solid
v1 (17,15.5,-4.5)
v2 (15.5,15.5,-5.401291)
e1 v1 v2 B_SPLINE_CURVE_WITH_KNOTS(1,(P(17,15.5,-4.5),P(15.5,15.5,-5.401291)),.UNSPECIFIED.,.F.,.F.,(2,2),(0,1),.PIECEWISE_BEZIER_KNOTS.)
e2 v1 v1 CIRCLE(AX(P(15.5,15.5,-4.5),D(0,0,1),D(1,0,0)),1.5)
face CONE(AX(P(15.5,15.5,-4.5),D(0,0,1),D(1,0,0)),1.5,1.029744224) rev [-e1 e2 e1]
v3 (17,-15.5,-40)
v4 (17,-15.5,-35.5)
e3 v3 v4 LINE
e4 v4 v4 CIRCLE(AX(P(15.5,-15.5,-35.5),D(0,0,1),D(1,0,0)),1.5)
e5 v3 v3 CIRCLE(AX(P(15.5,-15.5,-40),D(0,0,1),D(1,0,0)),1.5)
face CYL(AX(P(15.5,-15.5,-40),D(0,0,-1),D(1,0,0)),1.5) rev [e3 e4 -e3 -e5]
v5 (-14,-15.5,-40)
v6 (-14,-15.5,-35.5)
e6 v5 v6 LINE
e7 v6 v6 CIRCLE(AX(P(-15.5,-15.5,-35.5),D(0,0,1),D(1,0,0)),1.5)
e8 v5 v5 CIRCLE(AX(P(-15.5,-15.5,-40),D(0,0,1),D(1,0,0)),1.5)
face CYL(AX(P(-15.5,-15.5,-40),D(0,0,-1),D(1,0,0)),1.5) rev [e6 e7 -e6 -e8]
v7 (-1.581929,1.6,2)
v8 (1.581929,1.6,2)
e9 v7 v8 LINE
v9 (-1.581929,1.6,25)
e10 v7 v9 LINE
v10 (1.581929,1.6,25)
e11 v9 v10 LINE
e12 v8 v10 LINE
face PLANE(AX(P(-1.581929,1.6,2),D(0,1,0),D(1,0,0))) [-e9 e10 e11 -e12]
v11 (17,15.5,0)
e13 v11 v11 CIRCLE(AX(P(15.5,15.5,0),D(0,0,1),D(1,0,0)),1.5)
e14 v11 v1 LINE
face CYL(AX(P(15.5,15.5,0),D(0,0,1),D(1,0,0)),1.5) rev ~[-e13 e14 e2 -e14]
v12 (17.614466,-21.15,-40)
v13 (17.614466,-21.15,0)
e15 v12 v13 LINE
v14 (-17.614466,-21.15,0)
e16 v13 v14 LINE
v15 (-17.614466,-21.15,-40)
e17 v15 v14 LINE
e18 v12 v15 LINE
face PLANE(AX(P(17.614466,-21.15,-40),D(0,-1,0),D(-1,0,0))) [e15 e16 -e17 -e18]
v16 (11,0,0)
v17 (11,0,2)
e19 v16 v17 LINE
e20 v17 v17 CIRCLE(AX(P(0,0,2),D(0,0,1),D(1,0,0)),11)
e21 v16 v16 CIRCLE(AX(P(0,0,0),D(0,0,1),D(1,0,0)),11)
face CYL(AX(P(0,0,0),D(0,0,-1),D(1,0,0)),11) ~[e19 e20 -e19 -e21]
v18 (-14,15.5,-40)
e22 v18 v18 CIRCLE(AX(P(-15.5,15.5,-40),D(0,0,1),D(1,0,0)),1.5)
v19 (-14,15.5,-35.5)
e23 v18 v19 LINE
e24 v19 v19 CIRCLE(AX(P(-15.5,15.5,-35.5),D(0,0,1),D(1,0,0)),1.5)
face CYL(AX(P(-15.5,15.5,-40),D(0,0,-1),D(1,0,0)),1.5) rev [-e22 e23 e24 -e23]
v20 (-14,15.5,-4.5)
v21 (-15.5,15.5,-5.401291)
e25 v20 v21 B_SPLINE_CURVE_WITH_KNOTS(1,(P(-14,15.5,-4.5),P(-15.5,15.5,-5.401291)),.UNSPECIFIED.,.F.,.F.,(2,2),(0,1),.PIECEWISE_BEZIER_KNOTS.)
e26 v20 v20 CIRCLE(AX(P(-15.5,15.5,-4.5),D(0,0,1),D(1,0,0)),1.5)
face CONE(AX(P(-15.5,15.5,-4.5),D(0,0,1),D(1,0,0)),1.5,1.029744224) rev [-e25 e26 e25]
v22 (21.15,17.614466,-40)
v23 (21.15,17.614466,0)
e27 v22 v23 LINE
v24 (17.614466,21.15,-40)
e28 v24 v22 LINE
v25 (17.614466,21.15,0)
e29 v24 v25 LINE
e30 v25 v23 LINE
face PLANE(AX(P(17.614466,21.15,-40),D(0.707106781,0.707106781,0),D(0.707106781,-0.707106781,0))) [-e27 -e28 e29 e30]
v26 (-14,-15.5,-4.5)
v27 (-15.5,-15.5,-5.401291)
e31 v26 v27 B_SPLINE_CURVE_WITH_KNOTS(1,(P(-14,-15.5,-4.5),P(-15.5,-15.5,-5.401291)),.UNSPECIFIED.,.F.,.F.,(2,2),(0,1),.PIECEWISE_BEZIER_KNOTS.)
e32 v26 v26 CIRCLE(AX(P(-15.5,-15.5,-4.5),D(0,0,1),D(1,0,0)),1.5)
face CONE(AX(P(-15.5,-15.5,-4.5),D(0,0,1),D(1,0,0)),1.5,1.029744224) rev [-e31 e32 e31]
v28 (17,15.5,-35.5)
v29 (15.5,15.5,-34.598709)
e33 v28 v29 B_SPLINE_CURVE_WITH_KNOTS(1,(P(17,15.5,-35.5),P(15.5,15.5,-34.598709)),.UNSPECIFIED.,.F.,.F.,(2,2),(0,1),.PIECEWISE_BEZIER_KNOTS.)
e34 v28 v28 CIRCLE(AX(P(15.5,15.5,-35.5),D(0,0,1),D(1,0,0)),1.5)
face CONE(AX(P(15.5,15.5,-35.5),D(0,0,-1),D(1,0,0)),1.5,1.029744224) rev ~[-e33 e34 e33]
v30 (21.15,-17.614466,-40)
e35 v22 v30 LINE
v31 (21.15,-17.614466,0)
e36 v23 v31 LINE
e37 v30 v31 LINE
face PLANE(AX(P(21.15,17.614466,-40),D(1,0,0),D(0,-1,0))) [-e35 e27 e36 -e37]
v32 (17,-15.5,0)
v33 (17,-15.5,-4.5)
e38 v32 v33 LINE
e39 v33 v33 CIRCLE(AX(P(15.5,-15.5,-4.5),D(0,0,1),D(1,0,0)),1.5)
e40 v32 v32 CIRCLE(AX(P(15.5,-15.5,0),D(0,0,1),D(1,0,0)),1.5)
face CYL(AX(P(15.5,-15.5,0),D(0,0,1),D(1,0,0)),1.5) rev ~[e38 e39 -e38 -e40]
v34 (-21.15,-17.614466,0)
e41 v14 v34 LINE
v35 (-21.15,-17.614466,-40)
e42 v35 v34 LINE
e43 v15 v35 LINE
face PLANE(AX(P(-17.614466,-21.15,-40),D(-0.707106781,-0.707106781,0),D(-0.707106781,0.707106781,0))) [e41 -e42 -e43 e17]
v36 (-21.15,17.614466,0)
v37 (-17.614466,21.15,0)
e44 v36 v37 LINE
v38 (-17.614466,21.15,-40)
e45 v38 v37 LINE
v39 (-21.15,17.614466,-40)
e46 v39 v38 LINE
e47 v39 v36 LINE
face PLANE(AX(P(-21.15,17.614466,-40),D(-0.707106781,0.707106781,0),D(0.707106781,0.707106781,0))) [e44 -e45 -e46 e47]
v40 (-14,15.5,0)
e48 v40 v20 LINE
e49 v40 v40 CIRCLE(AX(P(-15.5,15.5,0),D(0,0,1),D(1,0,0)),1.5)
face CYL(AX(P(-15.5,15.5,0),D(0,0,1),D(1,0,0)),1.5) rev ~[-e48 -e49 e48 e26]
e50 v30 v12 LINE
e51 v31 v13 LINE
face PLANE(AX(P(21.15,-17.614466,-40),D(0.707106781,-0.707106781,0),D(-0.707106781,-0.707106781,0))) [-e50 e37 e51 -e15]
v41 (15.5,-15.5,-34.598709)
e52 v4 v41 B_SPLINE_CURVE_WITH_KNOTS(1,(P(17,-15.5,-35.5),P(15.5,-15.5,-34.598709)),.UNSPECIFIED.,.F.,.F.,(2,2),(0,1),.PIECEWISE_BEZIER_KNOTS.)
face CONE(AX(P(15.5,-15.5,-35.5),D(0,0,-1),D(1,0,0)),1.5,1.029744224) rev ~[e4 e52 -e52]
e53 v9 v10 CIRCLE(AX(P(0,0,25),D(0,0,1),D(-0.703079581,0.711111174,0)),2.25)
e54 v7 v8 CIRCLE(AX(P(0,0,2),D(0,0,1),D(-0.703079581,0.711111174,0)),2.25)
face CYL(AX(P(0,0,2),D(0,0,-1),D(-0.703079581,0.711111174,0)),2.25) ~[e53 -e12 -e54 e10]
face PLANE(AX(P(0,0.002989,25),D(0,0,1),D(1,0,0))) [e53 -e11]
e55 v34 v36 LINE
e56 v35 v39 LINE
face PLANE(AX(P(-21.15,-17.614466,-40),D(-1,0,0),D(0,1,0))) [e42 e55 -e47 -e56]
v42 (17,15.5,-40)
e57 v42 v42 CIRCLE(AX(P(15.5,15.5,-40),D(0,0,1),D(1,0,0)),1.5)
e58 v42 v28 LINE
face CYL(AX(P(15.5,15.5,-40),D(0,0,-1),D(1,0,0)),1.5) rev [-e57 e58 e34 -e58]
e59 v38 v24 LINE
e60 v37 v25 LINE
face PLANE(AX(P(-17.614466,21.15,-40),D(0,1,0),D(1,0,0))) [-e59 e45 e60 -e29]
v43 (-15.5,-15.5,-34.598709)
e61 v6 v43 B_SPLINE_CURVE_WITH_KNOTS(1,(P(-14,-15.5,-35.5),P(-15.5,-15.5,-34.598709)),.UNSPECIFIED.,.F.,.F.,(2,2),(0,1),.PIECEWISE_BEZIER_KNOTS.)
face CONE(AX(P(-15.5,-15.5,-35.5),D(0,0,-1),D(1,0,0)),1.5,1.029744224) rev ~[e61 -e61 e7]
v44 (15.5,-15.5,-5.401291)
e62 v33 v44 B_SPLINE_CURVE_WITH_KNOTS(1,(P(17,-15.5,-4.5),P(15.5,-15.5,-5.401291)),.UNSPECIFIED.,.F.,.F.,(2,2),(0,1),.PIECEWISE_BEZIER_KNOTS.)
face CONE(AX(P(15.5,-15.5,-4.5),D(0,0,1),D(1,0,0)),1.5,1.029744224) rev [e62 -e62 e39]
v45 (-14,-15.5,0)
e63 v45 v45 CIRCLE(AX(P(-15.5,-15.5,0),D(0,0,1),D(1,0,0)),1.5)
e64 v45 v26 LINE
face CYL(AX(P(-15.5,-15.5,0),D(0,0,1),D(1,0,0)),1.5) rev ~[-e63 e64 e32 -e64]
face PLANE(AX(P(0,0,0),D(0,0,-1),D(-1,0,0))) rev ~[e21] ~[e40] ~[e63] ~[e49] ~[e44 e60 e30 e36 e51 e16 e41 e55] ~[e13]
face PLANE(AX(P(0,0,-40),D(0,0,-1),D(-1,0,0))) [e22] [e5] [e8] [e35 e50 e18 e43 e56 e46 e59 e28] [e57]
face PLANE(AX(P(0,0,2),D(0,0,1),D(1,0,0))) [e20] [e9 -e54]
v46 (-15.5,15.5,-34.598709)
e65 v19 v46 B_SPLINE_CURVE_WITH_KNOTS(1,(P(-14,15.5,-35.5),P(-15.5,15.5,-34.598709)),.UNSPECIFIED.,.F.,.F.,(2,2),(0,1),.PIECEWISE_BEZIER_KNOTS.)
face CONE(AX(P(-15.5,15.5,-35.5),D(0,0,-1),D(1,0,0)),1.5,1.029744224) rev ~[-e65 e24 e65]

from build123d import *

# Parameters (mm, degrees)
PAD002_DEPTH   = 40
SKETCH006_R    = 1.5
HOLE_DEPTH     = 4.5
HOLE_TIPS_R    = 1.5
SKETCH002_R    = 1.5
HOLE001_DEPTH  = 4.5
HOLE001_TIPS_R = 1.5
SKETCH007_R    = 11
PAD003_DEPTH   = 2
PAD004_DEPTH   = 23


with BuildPart() as part:
    # Sketch005 → Pad002 (new body)
    with BuildSketch(Plane.XY):
        Polygon((-17.614466, 21.15), (17.614466, 21.15), (21.15, 17.614466), (21.15, -17.614466), (17.614466, -21.15), (-17.614466, -21.15), (-21.15, -17.614466), (-21.15, 17.614466), align=None)
    extrude(amount=PAD002_DEPTH)

    # Sketch006 (on Face10 of Pad002) → Hole (cut)
    with BuildSketch(Plane.XY.offset(40)):
        with Locations((15.5, 15.5)):
            Circle(SKETCH006_R)
        with Locations((-15.5, 15.5)):
            Circle(SKETCH006_R)
        with Locations((-15.5, -15.5)):
            Circle(SKETCH006_R)
        with Locations((15.5, -15.5)):
            Circle(SKETCH006_R)
    extrude(amount=-HOLE_DEPTH, mode=Mode.SUBTRACT)

    # Hole tips → Hole tip 1 section 0
    with BuildSketch(Plane.XY.offset(35.5), mode=Mode.PRIVATE) as hole_tip_1_s0:
        with Locations((15.5, 15.5)):
            Circle(HOLE_TIPS_R)
    loft([hole_tip_1_s0.sketch, Vertex(15.5, 15.5, 34.598709)], mode=Mode.SUBTRACT)

    # Hole tips → Hole tip 2 section 0
    with BuildSketch(Plane.XY.offset(35.5), mode=Mode.PRIVATE) as hole_tip_2_s0:
        with Locations((-15.5, 15.5)):
            Circle(HOLE_TIPS_R)
    loft([hole_tip_2_s0.sketch, Vertex(-15.5, 15.5, 34.598709)], mode=Mode.SUBTRACT)

    # Hole tips → Hole tip 3 section 0
    with BuildSketch(Plane.XY.offset(35.5), mode=Mode.PRIVATE) as hole_tip_3_s0:
        with Locations((-15.5, -15.5)):
            Circle(HOLE_TIPS_R)
    loft([hole_tip_3_s0.sketch, Vertex(-15.5, -15.5, 34.598709)], mode=Mode.SUBTRACT)

    # Hole tips → Hole tip 4 section 0
    with BuildSketch(Plane.XY.offset(35.5), mode=Mode.PRIVATE) as hole_tip_4_s0:
        with Locations((15.5, -15.5)):
            Circle(HOLE_TIPS_R)
    loft([hole_tip_4_s0.sketch, Vertex(15.5, -15.5, 34.598709)], mode=Mode.SUBTRACT)

    # Sketch002 → Hole001 (cut)
    with BuildSketch(Plane.XY):
        with Locations((-15.5, 15.5)):
            Circle(SKETCH002_R)
        with Locations((-15.5, -15.5)):
            Circle(SKETCH002_R)
        with Locations((15.5, -15.5)):
            Circle(SKETCH002_R)
        with Locations((15.5, 15.5)):
            Circle(SKETCH002_R)
    extrude(amount=HOLE001_DEPTH, mode=Mode.SUBTRACT)

    # Hole001 tips → Hole001 tip 1 section 0
    with BuildSketch(Plane.XY.offset(4.5), mode=Mode.PRIVATE) as hole001_tip_1_s0:
        with Locations((-15.5, 15.5)):
            Circle(HOLE001_TIPS_R)
    loft([hole001_tip_1_s0.sketch, Vertex(-15.5, 15.5, 5.401291)], mode=Mode.SUBTRACT)

    # Hole001 tips → Hole001 tip 2 section 0
    with BuildSketch(Plane.XY.offset(4.5), mode=Mode.PRIVATE) as hole001_tip_2_s0:
        with Locations((-15.5, -15.5)):
            Circle(HOLE001_TIPS_R)
    loft([hole001_tip_2_s0.sketch, Vertex(-15.5, -15.5, 5.401291)], mode=Mode.SUBTRACT)

    # Hole001 tips → Hole001 tip 3 section 0
    with BuildSketch(Plane.XY.offset(4.5), mode=Mode.PRIVATE) as hole001_tip_3_s0:
        with Locations((15.5, -15.5)):
            Circle(HOLE001_TIPS_R)
    loft([hole001_tip_3_s0.sketch, Vertex(15.5, -15.5, 5.401291)], mode=Mode.SUBTRACT)

    # Hole001 tips → Hole001 tip 4 section 0
    with BuildSketch(Plane.XY.offset(4.5), mode=Mode.PRIVATE) as hole001_tip_4_s0:
        with Locations((15.5, 15.5)):
            Circle(HOLE001_TIPS_R)
    loft([hole001_tip_4_s0.sketch, Vertex(15.5, 15.5, 5.401291)], mode=Mode.SUBTRACT)

    # Sketch007 (on Face5 of Hole001) → Pad003 (join)
    with BuildSketch(Plane.XY.offset(40)):
        Circle(SKETCH007_R)
    extrude(amount=PAD003_DEPTH)

    # Sketch008 (on Face27 of Pad003) → Pad004 (join)
    with BuildSketch(Plane.XY.offset(42)):
        with BuildLine():
            ThreePointArc((-1.581929, 1.6), (0, -2.25), (1.581929, 1.6))
            Line((-1.581929, 1.6), (1.581929, 1.6))
        make_face()
    extrude(amount=PAD004_DEPTH)


with BuildPart() as part_1:
    # Body001 placement: moved
    add(part.part.moved(Location((0, 0, -40))))


solid = part_1.part
